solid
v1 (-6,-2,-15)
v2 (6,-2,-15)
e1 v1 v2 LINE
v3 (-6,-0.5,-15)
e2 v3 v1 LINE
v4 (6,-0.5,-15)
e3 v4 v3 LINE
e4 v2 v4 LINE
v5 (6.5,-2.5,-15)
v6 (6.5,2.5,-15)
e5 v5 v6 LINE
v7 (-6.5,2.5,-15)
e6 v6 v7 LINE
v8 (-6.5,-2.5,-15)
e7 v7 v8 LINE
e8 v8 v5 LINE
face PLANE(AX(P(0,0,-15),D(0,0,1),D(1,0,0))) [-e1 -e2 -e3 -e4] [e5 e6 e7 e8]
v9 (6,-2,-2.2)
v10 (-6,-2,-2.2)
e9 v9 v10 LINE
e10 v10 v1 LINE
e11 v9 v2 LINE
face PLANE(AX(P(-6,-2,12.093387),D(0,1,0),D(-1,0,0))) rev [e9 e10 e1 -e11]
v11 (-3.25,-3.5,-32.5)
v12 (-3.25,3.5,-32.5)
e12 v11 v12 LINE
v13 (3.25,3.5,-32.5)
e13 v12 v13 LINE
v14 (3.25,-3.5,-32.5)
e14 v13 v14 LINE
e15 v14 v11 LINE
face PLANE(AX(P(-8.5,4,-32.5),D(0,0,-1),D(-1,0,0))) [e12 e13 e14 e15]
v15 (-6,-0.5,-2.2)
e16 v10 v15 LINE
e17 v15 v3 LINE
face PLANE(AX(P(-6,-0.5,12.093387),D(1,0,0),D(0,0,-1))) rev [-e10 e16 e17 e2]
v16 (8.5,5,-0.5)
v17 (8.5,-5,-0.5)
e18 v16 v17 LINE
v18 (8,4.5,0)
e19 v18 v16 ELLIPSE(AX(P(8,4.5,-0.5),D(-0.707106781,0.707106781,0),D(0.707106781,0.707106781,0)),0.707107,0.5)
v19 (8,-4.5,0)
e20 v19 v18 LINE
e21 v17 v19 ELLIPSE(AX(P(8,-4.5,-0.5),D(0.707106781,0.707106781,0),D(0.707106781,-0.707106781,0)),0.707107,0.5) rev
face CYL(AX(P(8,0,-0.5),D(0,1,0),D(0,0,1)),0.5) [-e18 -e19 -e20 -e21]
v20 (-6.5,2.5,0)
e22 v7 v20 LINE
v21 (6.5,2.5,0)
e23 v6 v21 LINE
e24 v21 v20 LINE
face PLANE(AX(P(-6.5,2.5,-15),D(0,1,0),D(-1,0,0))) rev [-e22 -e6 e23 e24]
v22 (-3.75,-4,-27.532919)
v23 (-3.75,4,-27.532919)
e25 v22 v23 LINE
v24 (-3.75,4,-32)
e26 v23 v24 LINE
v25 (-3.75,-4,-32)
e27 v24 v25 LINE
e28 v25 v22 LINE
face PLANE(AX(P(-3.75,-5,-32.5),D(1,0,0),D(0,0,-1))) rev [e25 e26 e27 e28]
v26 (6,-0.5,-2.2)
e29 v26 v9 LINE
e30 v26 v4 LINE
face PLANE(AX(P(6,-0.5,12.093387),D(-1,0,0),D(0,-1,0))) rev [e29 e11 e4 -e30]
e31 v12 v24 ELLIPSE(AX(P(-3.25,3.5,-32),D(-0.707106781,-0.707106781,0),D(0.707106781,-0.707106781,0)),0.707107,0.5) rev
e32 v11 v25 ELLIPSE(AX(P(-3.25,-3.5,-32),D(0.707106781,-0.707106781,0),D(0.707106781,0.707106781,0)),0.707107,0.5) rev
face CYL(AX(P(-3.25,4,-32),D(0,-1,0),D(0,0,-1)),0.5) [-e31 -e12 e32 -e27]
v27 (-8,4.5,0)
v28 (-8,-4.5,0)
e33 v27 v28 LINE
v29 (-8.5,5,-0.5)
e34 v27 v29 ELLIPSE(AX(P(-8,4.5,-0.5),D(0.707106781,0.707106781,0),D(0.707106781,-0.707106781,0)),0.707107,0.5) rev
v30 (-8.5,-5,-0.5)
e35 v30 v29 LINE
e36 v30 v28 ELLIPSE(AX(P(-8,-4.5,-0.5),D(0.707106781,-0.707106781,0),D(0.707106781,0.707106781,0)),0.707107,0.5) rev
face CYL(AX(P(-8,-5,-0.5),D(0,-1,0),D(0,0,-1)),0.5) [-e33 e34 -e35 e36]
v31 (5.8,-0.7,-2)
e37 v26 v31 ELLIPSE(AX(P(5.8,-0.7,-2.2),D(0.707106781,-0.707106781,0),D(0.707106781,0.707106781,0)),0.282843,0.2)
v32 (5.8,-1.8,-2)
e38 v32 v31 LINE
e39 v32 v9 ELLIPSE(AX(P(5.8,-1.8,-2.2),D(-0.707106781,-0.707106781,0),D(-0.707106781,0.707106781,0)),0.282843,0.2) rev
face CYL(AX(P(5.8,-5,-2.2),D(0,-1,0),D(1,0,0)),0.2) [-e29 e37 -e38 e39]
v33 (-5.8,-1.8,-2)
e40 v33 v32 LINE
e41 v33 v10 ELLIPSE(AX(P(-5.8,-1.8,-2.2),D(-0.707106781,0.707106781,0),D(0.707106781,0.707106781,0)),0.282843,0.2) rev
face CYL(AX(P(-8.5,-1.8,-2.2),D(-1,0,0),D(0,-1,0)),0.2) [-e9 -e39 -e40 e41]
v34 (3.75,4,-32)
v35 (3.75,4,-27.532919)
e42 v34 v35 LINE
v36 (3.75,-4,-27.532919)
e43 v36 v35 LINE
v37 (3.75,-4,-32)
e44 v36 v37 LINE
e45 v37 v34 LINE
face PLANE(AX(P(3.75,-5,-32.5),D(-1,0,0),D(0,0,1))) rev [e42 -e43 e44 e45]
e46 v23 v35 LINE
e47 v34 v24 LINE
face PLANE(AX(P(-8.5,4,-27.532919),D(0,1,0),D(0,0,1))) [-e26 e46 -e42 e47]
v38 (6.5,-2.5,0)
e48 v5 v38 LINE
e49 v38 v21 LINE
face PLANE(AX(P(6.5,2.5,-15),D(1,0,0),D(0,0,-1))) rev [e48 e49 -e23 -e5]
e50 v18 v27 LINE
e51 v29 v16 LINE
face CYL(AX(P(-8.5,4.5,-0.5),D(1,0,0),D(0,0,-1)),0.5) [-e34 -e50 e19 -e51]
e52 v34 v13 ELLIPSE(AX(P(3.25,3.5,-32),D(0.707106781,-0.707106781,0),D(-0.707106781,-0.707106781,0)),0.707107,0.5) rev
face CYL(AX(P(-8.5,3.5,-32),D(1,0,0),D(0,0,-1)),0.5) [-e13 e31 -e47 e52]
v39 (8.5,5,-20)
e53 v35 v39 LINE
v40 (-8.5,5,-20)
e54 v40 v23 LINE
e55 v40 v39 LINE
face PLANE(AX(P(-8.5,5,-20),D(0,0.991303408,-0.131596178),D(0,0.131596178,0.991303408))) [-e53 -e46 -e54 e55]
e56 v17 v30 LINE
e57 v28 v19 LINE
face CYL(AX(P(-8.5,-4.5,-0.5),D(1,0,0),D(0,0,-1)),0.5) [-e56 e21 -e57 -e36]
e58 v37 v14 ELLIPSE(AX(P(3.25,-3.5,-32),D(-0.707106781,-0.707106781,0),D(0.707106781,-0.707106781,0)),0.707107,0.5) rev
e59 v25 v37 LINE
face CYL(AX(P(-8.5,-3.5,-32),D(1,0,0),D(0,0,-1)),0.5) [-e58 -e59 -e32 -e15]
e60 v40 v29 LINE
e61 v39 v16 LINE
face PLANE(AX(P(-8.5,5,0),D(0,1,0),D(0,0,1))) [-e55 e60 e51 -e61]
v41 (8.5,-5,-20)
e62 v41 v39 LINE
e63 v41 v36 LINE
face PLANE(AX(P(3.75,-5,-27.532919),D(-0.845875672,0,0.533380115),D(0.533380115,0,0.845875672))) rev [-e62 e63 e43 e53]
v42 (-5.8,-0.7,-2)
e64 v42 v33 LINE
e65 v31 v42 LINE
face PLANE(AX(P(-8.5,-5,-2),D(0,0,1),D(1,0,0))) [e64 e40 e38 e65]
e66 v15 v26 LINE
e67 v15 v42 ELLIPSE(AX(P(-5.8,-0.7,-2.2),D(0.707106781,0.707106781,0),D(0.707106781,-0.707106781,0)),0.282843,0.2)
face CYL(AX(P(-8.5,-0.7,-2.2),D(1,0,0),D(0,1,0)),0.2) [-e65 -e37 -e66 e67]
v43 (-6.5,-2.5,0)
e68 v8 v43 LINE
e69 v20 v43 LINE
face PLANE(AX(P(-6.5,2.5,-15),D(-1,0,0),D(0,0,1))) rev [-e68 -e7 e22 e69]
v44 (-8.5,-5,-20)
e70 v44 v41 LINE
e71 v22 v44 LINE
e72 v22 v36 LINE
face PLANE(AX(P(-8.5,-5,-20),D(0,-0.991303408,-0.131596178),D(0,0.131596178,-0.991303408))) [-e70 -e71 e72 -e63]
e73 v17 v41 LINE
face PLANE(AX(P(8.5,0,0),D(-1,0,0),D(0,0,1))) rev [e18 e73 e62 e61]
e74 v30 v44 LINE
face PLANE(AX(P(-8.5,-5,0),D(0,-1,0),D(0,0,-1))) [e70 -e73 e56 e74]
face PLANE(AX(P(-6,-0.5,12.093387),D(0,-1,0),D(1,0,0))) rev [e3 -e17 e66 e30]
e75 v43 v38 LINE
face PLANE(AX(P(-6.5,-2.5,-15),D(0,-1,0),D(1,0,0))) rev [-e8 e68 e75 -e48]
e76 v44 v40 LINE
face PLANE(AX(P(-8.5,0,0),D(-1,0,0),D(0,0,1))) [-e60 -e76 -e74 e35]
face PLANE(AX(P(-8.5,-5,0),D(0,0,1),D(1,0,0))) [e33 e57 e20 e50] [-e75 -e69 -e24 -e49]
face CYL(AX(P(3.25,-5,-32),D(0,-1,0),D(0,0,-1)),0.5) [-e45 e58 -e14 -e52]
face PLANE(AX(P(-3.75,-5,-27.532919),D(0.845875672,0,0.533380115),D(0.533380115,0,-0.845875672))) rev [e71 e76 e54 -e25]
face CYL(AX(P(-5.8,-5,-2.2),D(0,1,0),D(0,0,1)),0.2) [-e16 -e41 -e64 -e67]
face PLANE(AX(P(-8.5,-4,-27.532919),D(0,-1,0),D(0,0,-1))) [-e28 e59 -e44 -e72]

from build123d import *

# Parameters (mm, degrees)
EXTRUDE_1_DEPTH      = 8.5
EXTRUDE_1_DEPTH_BACK = 8.5
CUT_EXTRUDE_3_DEPTH  = 36.049964337
FILLET_3_R           = 0.5
SKETCH_3_W           = 13
SKETCH_3_H           = 5
CUT_EXTRUDE_1_DEPTH  = 15
SKETCH_4_W           = 12
SKETCH_4_H           = 1.5
EXTRUDE_2_DEPTH      = 13
FILLET_2_R           = 0.2


with BuildPart() as part:
    # 草图2 → 凸台-拉伸1 (new, two sides: drawn at the far end of the back side and taken through both)
    with BuildSketch(Plane(origin=(0, 0, 0), x_dir=(0, 0, -1), z_dir=(1, 0, 0)).offset(-EXTRUDE_1_DEPTH_BACK)):
        Polygon((0, -5), (0, 5), (20, 5), (27.532919446, 4), (32.5, 4), (32.5, -4), (27.532919446, -4), (20, -5), align=None)
    extrude(amount=EXTRUDE_1_DEPTH + EXTRUDE_1_DEPTH_BACK)

    # 草图5 → 切除-拉伸3 (cut, through all)
    with BuildSketch(Plane(origin=(0, 5, 0), x_dir=(1, 0, 0), z_dir=(0, 1, 0))):
        Polygon((-3.75, 32.5), (-3.75, 27.532919446), (-8.5, 20), (-8.5, 32.5), align=None)
        Polygon((8.5, 32.5), (3.75, 32.5), (3.75, 27.532919446), (8.5, 20), align=None)
    extrude(amount=-CUT_EXTRUDE_3_DEPTH, mode=Mode.SUBTRACT)

    # 圆角3
    fillet_3_edges = [part.edges().sort_by_distance(p)[0] for p in [
        (0, -5, 0),
        (0, 5, 0),
        (8.5, 0, 0),
        (0, -4, -32.5),
        (0, 4, -32.5),
        (-3.75, 0, -32.5),
        (-8.5, 0, 0),
        (3.75, 0, -32.5),
    ]]
    fillet(fillet_3_edges, radius=FILLET_3_R)

    # 草图3 → 切除-拉伸1 (cut)
    with BuildSketch(Plane.XY):
        Rectangle(SKETCH_3_W, SKETCH_3_H)
    extrude(amount=-CUT_EXTRUDE_1_DEPTH, mode=Mode.SUBTRACT)

    # 草图4 → 凸台-拉伸2 (add)
    with BuildSketch(Plane.XY.offset(-15)):
        with Locations((0, -1.25)):
            Rectangle(SKETCH_4_W, SKETCH_4_H)
    extrude(amount=EXTRUDE_2_DEPTH)

    # 圆角2
    fillet_2_edges = [part.edges().sort_by_distance(p)[0] for p in [
        (0, -0.5, -2),
        (-6, -1.25, -2),
        (0, -2, -2),
        (6, -1.25, -2),
    ]]
    fillet(fillet_2_edges, radius=FILLET_2_R)


solid = part.part
